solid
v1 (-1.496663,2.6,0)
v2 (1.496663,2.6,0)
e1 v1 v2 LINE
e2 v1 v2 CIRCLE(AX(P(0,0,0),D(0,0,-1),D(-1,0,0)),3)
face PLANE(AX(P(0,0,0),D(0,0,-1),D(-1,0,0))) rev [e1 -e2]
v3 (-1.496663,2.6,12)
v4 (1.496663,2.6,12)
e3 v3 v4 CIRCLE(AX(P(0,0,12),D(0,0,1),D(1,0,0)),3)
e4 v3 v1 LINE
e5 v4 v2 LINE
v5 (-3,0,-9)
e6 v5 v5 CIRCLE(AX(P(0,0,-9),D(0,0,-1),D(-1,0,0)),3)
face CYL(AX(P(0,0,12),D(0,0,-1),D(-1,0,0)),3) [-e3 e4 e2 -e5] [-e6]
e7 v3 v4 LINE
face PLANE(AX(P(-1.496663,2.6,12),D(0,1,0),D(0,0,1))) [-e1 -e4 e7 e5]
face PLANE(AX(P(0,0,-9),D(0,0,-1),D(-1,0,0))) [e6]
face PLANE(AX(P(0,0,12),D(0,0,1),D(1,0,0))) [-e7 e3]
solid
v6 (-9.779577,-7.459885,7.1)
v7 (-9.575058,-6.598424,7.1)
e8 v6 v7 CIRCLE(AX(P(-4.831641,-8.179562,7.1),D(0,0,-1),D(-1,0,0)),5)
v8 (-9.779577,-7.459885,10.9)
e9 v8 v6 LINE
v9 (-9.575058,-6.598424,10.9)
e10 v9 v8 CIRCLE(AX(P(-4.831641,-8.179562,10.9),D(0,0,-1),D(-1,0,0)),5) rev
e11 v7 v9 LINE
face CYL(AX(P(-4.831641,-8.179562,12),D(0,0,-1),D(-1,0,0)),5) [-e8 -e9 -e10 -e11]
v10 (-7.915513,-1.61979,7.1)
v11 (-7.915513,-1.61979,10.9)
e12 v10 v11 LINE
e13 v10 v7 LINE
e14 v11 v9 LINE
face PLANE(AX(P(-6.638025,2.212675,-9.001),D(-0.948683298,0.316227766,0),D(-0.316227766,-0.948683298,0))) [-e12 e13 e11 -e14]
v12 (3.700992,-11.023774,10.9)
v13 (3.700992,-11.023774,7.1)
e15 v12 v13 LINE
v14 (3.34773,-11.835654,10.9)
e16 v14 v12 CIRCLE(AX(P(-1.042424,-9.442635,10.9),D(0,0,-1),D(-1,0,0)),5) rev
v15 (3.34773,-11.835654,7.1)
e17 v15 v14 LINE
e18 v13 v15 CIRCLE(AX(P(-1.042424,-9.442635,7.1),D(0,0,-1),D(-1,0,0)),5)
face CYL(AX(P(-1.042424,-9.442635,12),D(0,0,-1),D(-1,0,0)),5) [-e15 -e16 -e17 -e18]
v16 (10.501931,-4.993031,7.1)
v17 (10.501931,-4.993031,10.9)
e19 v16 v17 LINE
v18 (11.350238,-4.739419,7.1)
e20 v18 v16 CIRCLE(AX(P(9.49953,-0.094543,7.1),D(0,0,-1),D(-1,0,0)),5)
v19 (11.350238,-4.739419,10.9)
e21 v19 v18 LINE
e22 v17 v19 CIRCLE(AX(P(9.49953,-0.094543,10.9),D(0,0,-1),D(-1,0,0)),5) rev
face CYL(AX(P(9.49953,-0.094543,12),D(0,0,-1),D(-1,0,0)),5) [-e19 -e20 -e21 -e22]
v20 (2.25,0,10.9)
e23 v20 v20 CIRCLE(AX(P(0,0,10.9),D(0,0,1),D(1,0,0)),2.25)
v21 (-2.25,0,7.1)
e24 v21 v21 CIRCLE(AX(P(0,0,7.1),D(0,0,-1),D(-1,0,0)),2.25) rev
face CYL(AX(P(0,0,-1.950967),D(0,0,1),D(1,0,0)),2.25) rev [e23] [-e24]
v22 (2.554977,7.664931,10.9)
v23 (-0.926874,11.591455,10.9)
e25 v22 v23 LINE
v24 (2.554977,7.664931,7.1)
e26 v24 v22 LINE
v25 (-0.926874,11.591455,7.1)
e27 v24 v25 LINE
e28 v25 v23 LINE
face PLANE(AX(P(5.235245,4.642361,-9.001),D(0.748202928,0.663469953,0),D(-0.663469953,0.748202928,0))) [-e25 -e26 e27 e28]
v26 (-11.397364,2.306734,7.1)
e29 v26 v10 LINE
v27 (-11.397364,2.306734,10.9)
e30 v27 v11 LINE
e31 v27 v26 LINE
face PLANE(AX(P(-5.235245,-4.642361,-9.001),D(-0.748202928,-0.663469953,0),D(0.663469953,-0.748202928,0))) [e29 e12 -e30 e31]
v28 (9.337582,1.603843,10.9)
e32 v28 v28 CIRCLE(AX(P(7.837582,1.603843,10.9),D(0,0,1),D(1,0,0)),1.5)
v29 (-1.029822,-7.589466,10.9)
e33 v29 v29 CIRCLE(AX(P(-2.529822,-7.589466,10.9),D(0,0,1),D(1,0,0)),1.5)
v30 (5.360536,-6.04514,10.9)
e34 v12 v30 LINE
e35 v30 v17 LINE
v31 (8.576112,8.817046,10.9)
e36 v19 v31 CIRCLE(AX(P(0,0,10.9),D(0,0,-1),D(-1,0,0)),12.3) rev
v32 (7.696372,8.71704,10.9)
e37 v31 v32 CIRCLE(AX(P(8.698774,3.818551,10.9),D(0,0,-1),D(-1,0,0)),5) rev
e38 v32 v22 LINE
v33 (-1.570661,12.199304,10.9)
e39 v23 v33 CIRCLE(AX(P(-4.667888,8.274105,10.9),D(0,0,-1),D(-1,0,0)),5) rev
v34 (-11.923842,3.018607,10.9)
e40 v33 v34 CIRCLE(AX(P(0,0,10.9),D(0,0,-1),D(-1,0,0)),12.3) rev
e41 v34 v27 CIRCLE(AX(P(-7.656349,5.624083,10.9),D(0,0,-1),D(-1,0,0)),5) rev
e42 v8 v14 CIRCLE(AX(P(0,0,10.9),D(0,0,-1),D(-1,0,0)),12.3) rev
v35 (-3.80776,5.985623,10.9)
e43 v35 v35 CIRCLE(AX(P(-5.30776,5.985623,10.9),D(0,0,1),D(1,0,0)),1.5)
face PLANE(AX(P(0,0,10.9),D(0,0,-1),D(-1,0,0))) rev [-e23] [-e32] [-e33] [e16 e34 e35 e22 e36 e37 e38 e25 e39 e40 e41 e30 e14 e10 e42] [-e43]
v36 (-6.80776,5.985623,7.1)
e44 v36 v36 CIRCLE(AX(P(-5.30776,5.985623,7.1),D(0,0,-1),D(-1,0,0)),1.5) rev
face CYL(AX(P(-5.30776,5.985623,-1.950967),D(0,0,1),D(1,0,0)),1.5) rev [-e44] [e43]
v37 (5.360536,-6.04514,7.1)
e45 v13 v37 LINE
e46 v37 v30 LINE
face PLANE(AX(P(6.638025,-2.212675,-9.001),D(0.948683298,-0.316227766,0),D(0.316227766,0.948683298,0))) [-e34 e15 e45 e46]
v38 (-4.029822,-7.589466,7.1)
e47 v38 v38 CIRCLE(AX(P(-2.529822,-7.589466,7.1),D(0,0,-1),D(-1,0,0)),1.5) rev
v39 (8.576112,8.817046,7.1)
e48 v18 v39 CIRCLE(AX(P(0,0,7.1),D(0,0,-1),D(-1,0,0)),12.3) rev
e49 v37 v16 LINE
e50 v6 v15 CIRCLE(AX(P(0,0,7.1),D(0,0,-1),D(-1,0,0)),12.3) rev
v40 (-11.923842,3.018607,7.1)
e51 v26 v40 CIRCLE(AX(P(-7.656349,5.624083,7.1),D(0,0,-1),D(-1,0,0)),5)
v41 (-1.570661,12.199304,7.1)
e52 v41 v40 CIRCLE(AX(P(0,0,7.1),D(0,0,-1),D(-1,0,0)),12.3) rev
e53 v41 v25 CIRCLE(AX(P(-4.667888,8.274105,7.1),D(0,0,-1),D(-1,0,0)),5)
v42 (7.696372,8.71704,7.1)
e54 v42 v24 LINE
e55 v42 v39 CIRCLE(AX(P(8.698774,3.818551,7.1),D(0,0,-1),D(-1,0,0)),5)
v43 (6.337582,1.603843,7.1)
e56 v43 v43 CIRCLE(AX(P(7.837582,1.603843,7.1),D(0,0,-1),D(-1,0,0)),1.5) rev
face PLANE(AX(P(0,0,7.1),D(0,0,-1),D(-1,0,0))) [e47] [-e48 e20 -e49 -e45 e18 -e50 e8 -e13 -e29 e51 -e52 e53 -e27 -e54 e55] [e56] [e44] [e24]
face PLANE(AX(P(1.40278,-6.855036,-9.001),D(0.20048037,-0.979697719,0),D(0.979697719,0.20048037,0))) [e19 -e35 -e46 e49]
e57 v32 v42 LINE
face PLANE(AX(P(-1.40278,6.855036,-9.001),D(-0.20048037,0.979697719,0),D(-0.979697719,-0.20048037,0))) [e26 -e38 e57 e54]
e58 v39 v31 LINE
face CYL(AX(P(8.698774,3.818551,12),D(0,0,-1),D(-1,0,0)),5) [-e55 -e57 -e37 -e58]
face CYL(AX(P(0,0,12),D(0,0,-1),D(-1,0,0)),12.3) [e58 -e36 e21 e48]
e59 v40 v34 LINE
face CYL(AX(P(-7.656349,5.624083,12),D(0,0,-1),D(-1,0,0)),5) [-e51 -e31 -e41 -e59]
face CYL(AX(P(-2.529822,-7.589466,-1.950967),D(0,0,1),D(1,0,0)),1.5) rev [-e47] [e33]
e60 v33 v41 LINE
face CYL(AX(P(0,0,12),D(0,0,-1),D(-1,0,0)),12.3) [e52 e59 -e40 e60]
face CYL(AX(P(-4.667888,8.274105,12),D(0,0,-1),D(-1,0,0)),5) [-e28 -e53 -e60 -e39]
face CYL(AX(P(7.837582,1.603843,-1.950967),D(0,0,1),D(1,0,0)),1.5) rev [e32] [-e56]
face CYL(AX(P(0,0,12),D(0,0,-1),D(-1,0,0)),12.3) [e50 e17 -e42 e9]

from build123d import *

# Parameters (mm, degrees)
SALIENTE_EXTRUIR1_DEPTH    = 12
SALIENTE_EXTRUIR2_START    = 9
CROQUIS2_R                 = 3
SALIENTE_EXTRUIR2_DEPTH    = 9
CROQUIS3_R                 = 5.7
SALIENTE_EXTRUIR3_DEPTH    = 8
CROQUIS4_R                 = 8.2
CROQUIS4_R_2               = 3.2
SALIENTE_EXTRUIR4_DEPTH    = 5
CORTAR_EXTRUIR1_DEPTH      = 18.420677369
CORTAR_EXTRUIR1_DEPTH_BACK = 18.420677369
CROQUIS5_R                 = 8.2
CROQUIS5_R_2               = 4.75
CROQUIS6_R                 = 14.5
CROQUIS6_R_2               = 4.75
SALIENTE_EXTRUIR5_DEPTH    = 13
CROQUIS7_R                 = 2.4
CORTAR_EXTRUIR2_DEPTH      = 25.279621084
CROQUIS8_R                 = 2.4
SALIENTE_EXTRUIR6_DEPTH    = 3.8
CROQUIS9_R                 = 14.5
CORTAR_EXTRUIR3_DEPTH      = 2.5
CROQUIS10_R                = 14.5
CORTAR_EXTRUIR4_DEPTH      = 5.6
CORTAR_EXTRUIR5_DEPTH      = 8.7
REDONDEO2_R                = 5
CORTAR_EXTRUIR6_DEPTH      = 4.9
CROQUIS14_R                = 2.4
CROQUIS14_R_2              = 1.5
CROQUIS14_R_3              = 3.2
CROQUIS14_R_4              = 2.25
SALIENTE_EXTRUIR7_DEPTH    = 3.8
CORTAR_EXTRUIR7_DEPTH      = 29.545572317
CORTAR_EXTRUIR7_DEPTH_BACK = 3.8
CROQUIS15_R                = 16.228984294
CROQUIS15_R_2              = 12.3


with BuildPart() as part:
    # Croquis1 → Saliente-Extruir1 (new body)
    with BuildSketch(Plane.XY):
        with BuildLine():
            Line((-1.496662955, 2.6), (1.496662955, 2.6))
            ThreePointArc((1.496662955, 2.6), (0, -3), (-1.496662955, 2.6))
        make_face()
    extrude(amount=SALIENTE_EXTRUIR1_DEPTH)

    # Croquis2 → Saliente-Extruir2 (add)
    with BuildSketch(Plane(origin=(0, 0, 0), x_dir=(-1, 0, 0), z_dir=(0, 0, -1)).offset(SALIENTE_EXTRUIR2_START)):
        Circle(CROQUIS2_R)
    extrude(amount=-SALIENTE_EXTRUIR2_DEPTH)


with BuildPart() as body_2:
    # Croquis3 → Saliente-Extruir3 (new body)
    with BuildSketch(Plane.XY.offset(12)):
        Circle(CROQUIS3_R)
        with BuildLine():
            Line((-1.549193338, 2.8), (1.549193338, 2.8))
            ThreePointArc((1.549193338, 2.8), (0, -3.2), (-1.549193338, 2.8))
        make_face(mode=Mode.SUBTRACT)
    extrude(amount=-SALIENTE_EXTRUIR3_DEPTH)

    # Croquis4 → Saliente-Extruir4 (add)
    with BuildSketch(Plane(origin=(0, 0, 4), x_dir=(-1, 0, 0), z_dir=(0, 0, -1))):
        Circle(CROQUIS4_R)
        with Locations(Location((0, 0, 0), (0, 0, 118.955024372))):
            Circle(CROQUIS4_R_2, mode=Mode.SUBTRACT)
    extrude(amount=SALIENTE_EXTRUIR4_DEPTH)

    # Croquis5 → Cortar-Extruir1 (cut, two sides: drawn at the far end of the back side and taken through both)
    with BuildSketch(Plane.XY.offset(4).offset(-CORTAR_EXTRUIR1_DEPTH_BACK)):
        Circle(CROQUIS5_R)
        Circle(CROQUIS5_R_2, mode=Mode.SUBTRACT)
    extrude(amount=CORTAR_EXTRUIR1_DEPTH + CORTAR_EXTRUIR1_DEPTH_BACK, mode=Mode.SUBTRACT)

    # Croquis6 → Saliente-Extruir5 (add, through all)
    with BuildSketch(Plane(origin=(0, 0, -1), x_dir=(-1, 0, 0), z_dir=(0, 0, -1))):
        Circle(CROQUIS6_R)
        Circle(CROQUIS6_R_2, mode=Mode.SUBTRACT)
    extrude(amount=-SALIENTE_EXTRUIR5_DEPTH)

    # Croquis7 → Cortar-Extruir2 (cut, through all)
    with BuildSketch(Plane(origin=(0, 0, -1), x_dir=(-1, 0, 0), z_dir=(0, 0, -1))):
        with Locations((-7.837581754, 1.603842962)):
            Circle(CROQUIS7_R)
        with Locations((5.307759626, 5.985623422)):
            Circle(CROQUIS7_R)
        with Locations((2.529822128, -7.589466384)):
            Circle(CROQUIS7_R)
    extrude(amount=-CORTAR_EXTRUIR2_DEPTH, mode=Mode.SUBTRACT)

    # Croquis8 → Saliente-Extruir6 (add)
    with BuildSketch(Plane.XY.offset(12)):
        with BuildLine():
            ThreePointArc((14.5, 0), (-3.752866127, 14.005927168), (-12.557378736, -7.24998202))
            ThreePointArc((-12.557378736, -7.24998202), (3.752866127, -14.005927168), (14.5, 0))
        make_face()
        with Locations(Location((-2.529822128, -7.589466384, 0), (0, 0, 180))):
            Circle(CROQUIS8_R, mode=Mode.SUBTRACT)
        with BuildLine():
            ThreePointArc((1.549193338, 2.8), (0, -3.2), (-1.549193338, 2.8))
            Line((-1.549193338, 2.8), (1.549193338, 2.8))
        make_face(mode=Mode.SUBTRACT)
        with Locations(Location((-5.307759626, 5.985623422, 0), (0, 0, 180))):
            Circle(CROQUIS8_R, mode=Mode.SUBTRACT)
        with Locations(Location((7.837581754, 1.603842962, 0), (0, 0, 180))):
            Circle(CROQUIS8_R, mode=Mode.SUBTRACT)
    extrude(amount=SALIENTE_EXTRUIR6_DEPTH)

    # Croquis9 → Cortar-Extruir3 (cut)
    with BuildSketch(Plane(origin=(0, 0, -1), x_dir=(-1, 0, 0), z_dir=(0, 0, -1))):
        Circle(CROQUIS9_R)
    extrude(amount=-CORTAR_EXTRUIR3_DEPTH, mode=Mode.SUBTRACT)

    # Croquis10 → Cortar-Extruir4 (cut)
    with BuildSketch(Plane(origin=(0, 0, 1.5), x_dir=(-1, 0, 0), z_dir=(0, 0, -1))):
        Circle(CROQUIS10_R)
    extrude(amount=-CORTAR_EXTRUIR4_DEPTH, mode=Mode.SUBTRACT)

    # Croquis12 → Cortar-Extruir5 (cut)
    with BuildSketch(Plane.XY.offset(15.8)):
        with BuildLine():
            ThreePointArc((-13.661331745, 4.859836927), (-14.205616929, -2.906965369), (-10.654126191, -9.835628862))
            Line((-10.654126191, -9.835628862), (-7.915513403, -1.619790499))
            Line((-7.915513403, -1.619790499), (-13.661331745, 4.859836927))
        make_face()
        with BuildLine():
            ThreePointArc((11.039408109, 9.401141877), (4.585302607, 13.755907822), (-3.190841361, 14.144558367))
            Line((-3.190841361, 14.144558367), (2.55497698, 7.664930941))
            Line((2.55497698, 7.664930941), (11.039408109, 9.401141877))
        make_face()
        with BuildLine():
            Line((5.360536423, -6.045140441), (2.621923635, -14.260978804))
            ThreePointArc((2.621923635, -14.260978804), (9.620314322, -10.848942453), (13.844967552, -4.308929505))
            Line((13.844967552, -4.308929505), (5.360536423, -6.045140441))
        make_face()
    extrude(amount=-CORTAR_EXTRUIR5_DEPTH, mode=Mode.SUBTRACT)

    # Redondeo2
    redondeo2_edges = [body_2.edges().sort_by_distance(p)[0] for p in [
        (-10.654126191, -9.835628862, 11.45),
        (-13.661331745, 4.859836927, 11.45),
        (-3.190841361, 14.144558367, 11.45),
        (11.039408109, 9.401141877, 11.45),
        (13.844967552, -4.308929505, 11.45),
        (2.621923635, -14.260978804, 11.45),
    ]]
    fillet(redondeo2_edges, radius=REDONDEO2_R)

    # Croquis13 → Cortar-Extruir6 (cut)
    with BuildSketch(Plane.XY.offset(15.8)):
        with BuildLine():
            Line((-12.145566924, 1.643263718), (-9.046770887, -1.851285291))
            Line((-9.046770887, -1.851285291), (-10.523741085, -6.282195885))
            ThreePointArc((-10.523741085, -6.282195885), (-10.451769026, -10.280553749), (-7.883204221, -13.345601943))
            ThreePointArc((-7.883204221, -13.345601943), (-4.901530373, -14.70459112), (-1.700797789, -15.406404087))
            ThreePointArc((-1.700797789, -15.406404087), (2.193082971, -14.495504415), (4.649675337, -11.340001359))
            Line((4.649675337, -11.340001359), (6.126645535, -6.909090765))
            Line((6.126645535, -6.909090765), (10.70241177, -5.97272918))
            ThreePointArc((10.70241177, -5.97272918), (14.129105224, -3.911220617), (15.499232422, -0.154254147))
            ThreePointArc((15.499232422, -0.154254147), (15.185314649, 3.107445739), (14.192736214, 6.230267952))
            ThreePointArc((14.192736214, 6.230267952), (11.456933578, 9.147017773), (7.495891587, 9.696737641))
            Line((7.495891587, 9.696737641), (2.920125352, 8.760376056))
            Line((2.920125352, 8.760376056), (-0.178670685, 12.254925065))
            ThreePointArc((-0.178670685, 12.254925065), (-3.677336199, 14.191774365), (-7.6160282, 13.49985609))
            ThreePointArc((-7.6160282, 13.49985609), (-10.283784275, 11.597145381), (-12.491938426, 9.176136135))
            ThreePointArc((-12.491938426, 9.176136135), (-13.650016549, 5.348486641), (-12.145566924, 1.643263718))
        make_face()
    extrude(amount=-CORTAR_EXTRUIR6_DEPTH, mode=Mode.SUBTRACT)

    # Croquis14 → Saliente-Extruir7 (add)
    # profile 1 of 4: a face of its own
    with BuildSketch(Plane.XY.offset(10.9)):
        with Locations((-2.529822128, -7.589466384)):
            Circle(CROQUIS14_R)
        with Locations((-2.529822128, -7.589466384)):
            Circle(CROQUIS14_R_2, mode=Mode.SUBTRACT)
    # profile 2 of 4: a face of its own
    with BuildSketch(Plane.XY.offset(10.9)):
        with Locations((7.837581754, 1.603842962)):
            Circle(CROQUIS14_R)
        with Locations((7.837581754, 1.603842962)):
            Circle(CROQUIS14_R_2, mode=Mode.SUBTRACT)
    # profile 3 of 4: a face of its own
    with BuildSketch(Plane.XY.offset(10.9)):
        Circle(CROQUIS14_R_3)
        Circle(CROQUIS14_R_4, mode=Mode.SUBTRACT)
    # profile 4 of 4: a face of its own
    with BuildSketch(Plane.XY.offset(10.9)):
        with Locations((-5.307759626, 5.985623422)):
            Circle(CROQUIS14_R)
        with Locations((-5.307759626, 5.985623422)):
            Circle(CROQUIS14_R_2, mode=Mode.SUBTRACT)
    extrude(amount=-SALIENTE_EXTRUIR7_DEPTH)

    # Croquis15 → Cortar-Extruir7 (cut, two sides: drawn at the far end of the back side and taken through both)
    with BuildSketch(Plane.XY.offset(10.9).offset(-CORTAR_EXTRUIR7_DEPTH_BACK)):
        Circle(CROQUIS15_R)
        Circle(CROQUIS15_R_2, mode=Mode.SUBTRACT)
    extrude(amount=CORTAR_EXTRUIR7_DEPTH + CORTAR_EXTRUIR7_DEPTH_BACK, mode=Mode.SUBTRACT)


solid = Compound([part.part, body_2.part])
